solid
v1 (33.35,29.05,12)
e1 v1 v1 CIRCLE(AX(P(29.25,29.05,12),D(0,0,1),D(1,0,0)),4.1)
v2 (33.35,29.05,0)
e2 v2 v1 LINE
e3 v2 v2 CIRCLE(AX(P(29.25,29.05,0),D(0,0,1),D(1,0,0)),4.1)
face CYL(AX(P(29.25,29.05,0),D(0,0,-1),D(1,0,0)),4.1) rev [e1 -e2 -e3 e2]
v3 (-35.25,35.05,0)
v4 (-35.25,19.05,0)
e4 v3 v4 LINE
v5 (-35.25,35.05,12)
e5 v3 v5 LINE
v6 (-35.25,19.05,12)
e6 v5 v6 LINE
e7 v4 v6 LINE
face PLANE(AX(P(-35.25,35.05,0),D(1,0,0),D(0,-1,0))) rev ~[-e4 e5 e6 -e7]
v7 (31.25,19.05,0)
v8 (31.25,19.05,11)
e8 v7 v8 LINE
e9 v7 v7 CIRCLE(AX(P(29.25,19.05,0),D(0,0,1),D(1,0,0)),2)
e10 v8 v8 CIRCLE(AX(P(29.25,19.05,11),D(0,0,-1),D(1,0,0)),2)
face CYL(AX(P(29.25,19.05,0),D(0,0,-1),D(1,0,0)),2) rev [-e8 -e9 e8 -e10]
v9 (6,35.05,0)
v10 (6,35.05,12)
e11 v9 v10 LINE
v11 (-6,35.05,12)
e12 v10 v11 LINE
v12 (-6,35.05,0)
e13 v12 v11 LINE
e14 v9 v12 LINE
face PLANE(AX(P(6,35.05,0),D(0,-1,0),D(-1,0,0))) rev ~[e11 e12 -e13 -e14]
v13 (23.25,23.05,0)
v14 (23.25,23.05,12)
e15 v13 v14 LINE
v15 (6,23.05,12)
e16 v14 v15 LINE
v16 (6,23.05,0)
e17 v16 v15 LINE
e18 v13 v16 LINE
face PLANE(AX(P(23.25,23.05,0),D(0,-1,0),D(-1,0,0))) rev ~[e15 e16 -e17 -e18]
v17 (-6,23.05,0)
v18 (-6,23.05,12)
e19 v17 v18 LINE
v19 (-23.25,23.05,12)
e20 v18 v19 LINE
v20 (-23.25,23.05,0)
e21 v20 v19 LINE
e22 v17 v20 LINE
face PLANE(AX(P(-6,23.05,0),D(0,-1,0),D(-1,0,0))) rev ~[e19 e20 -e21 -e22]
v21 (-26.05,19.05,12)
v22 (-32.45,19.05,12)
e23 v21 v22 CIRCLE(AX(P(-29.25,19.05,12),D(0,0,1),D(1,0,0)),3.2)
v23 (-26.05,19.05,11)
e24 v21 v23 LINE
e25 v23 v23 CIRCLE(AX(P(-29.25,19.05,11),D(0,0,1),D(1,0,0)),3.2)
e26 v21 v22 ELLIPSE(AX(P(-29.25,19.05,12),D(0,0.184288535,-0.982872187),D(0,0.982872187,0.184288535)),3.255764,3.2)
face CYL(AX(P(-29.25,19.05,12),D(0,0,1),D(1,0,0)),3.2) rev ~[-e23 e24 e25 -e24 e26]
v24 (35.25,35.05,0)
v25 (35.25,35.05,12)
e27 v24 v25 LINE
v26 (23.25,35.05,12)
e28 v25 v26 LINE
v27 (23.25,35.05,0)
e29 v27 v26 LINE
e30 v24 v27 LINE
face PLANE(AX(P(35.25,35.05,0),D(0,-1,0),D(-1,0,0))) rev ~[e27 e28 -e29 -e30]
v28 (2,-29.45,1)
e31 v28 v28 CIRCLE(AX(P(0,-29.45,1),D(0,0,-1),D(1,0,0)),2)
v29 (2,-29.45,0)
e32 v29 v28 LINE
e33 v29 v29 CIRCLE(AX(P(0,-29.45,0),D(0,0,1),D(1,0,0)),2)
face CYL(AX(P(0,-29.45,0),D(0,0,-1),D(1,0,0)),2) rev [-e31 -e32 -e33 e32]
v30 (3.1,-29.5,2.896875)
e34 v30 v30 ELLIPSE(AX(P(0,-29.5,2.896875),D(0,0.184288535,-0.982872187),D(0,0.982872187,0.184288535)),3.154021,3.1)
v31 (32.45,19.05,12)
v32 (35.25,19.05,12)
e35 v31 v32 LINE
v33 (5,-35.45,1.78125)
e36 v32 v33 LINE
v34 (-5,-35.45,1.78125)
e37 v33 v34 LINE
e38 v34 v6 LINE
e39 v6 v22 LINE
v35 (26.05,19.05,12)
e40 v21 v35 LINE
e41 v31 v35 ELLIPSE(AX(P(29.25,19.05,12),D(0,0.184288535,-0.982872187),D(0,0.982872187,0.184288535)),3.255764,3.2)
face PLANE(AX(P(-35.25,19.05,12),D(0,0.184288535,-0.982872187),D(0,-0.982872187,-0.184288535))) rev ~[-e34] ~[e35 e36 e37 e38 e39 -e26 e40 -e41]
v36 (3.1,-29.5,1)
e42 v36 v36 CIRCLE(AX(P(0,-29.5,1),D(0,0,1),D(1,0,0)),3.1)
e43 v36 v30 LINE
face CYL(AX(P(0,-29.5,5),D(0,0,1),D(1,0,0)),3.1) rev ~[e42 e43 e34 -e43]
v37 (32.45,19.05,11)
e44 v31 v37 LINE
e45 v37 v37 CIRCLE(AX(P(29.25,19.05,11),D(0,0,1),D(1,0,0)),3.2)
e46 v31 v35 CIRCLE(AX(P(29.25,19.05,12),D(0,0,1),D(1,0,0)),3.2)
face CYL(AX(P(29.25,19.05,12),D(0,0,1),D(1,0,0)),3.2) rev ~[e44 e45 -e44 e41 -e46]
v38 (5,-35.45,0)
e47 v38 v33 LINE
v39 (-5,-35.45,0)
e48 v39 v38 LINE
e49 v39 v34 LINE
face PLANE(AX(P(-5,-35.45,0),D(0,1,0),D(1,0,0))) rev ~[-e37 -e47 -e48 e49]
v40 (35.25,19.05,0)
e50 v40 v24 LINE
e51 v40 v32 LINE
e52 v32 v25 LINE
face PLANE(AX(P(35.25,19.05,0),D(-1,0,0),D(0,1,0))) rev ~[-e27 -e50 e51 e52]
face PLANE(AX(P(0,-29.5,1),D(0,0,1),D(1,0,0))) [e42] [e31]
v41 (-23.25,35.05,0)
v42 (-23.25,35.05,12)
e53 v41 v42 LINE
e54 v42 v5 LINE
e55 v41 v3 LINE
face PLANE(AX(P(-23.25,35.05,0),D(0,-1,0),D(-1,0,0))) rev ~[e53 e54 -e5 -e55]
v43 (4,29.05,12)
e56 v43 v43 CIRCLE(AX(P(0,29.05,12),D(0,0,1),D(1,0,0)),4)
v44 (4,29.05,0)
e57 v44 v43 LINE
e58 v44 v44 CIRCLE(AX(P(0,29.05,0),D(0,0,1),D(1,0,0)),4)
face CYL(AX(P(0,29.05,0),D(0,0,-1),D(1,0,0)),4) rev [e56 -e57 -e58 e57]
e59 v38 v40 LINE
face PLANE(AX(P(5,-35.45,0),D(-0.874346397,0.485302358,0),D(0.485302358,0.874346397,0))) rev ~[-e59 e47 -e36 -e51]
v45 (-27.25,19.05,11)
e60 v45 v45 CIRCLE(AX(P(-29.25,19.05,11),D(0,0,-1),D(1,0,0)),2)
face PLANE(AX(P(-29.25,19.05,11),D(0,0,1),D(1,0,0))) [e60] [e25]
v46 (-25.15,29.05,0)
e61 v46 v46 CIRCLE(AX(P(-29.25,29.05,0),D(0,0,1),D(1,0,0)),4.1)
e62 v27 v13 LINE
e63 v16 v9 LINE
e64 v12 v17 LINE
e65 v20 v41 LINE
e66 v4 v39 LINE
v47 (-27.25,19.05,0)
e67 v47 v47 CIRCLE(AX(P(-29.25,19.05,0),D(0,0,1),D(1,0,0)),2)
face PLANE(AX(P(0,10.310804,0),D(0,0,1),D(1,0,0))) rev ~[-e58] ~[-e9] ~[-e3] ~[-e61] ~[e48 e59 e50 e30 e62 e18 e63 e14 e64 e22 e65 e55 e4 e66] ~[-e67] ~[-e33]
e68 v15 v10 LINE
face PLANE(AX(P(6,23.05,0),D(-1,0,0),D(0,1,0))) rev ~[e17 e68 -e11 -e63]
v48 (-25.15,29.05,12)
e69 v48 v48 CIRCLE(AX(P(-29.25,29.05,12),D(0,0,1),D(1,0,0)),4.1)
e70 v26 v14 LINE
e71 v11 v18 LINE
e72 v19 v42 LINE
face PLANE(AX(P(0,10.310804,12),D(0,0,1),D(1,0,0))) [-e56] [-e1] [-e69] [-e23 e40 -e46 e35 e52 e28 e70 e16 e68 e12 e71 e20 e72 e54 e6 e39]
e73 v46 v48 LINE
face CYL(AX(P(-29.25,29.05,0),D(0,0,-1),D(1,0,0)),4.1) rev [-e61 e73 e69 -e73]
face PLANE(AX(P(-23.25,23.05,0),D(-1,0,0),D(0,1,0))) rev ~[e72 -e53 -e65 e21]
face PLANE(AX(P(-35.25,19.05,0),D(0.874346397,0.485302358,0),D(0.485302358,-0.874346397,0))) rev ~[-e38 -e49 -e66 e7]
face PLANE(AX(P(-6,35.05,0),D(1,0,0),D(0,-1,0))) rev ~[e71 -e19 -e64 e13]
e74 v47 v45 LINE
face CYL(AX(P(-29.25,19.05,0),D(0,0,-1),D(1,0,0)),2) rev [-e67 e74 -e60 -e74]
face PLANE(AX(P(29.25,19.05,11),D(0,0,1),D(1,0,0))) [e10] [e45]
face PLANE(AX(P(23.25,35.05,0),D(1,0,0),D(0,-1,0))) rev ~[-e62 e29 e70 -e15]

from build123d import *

# Parameters (mm, degrees)
SKETCH004_R       = 3.1
PAD001_DEPTH      = 1
PAD001_DEPTH_BACK = 4
SKETCH_R          = 4.1
SKETCH_R_2        = 4
SKETCH_R_3        = 2
PAD_DEPTH         = 12
POCKET_DEPTH      = 70.501
SKETCH002_R       = 3.2
POCKET001_DEPTH   = 1


with BuildPart() as pad001:
    # Sketch004 → Pad001 (new body, two sides)
    with BuildSketch(Plane.XY.offset(5)) as pad001_sk:
        with Locations((0, -29.5)):
            Circle(SKETCH004_R)
    extrude(amount=PAD001_DEPTH)
    extrude(pad001_sk.sketch, amount=-PAD001_DEPTH_BACK)


with BuildPart() as cut:
    # Sketch → Pad (new body)
    with BuildSketch(Plane.XY):
        Polygon((-35.25, 35.05), (-35.25, 19.05), (-5, -35.45), (5, -35.45), (35.25, 19.05), (35.25, 35.05), (23.25, 35.05), (23.25, 23.05), (6, 23.05), (6, 35.05), (-6, 35.05), (-6, 23.05), (-23.25, 23.05), (-23.25, 35.05), align=None)
        with Locations((-29.25, 29.05)):
            Circle(SKETCH_R, mode=Mode.SUBTRACT)
        with Locations((0, 29.05)):
            Circle(SKETCH_R_2, mode=Mode.SUBTRACT)
        with Locations((29.25, 29.05)):
            Circle(SKETCH_R, mode=Mode.SUBTRACT)
        with Locations((-29.25, 19.05)):
            Circle(SKETCH_R_3, mode=Mode.SUBTRACT)
        with Locations((29.25, 19.05)):
            Circle(SKETCH_R_3, mode=Mode.SUBTRACT)
        with Locations((0, -29.45)):
            Circle(SKETCH_R_3, mode=Mode.SUBTRACT)
    extrude(amount=PAD_DEPTH)

    # Sketch001 → Pocket (cut, through all)
    with BuildSketch(Plane(origin=(-35.25, 0, 0), x_dir=(0, -1, 0), z_dir=(-1, 0, 0))):
        Polygon((-19.05, 12), (44.95, 0), (44.95, 12), align=None)
    extrude(amount=-POCKET_DEPTH, mode=Mode.SUBTRACT)

    # Sketch002 → Pocket001 (cut)
    with BuildSketch(Plane.XY.offset(12)):
        with Locations((-29.25, 19.05)):
            Circle(SKETCH002_R)
        with Locations((29.25, 19.05)):
            Circle(SKETCH002_R)
    extrude(amount=-POCKET001_DEPTH, mode=Mode.SUBTRACT)

    # Cut: cut Pad001
    add(pad001.part, mode=Mode.SUBTRACT)


solid = cut.part
